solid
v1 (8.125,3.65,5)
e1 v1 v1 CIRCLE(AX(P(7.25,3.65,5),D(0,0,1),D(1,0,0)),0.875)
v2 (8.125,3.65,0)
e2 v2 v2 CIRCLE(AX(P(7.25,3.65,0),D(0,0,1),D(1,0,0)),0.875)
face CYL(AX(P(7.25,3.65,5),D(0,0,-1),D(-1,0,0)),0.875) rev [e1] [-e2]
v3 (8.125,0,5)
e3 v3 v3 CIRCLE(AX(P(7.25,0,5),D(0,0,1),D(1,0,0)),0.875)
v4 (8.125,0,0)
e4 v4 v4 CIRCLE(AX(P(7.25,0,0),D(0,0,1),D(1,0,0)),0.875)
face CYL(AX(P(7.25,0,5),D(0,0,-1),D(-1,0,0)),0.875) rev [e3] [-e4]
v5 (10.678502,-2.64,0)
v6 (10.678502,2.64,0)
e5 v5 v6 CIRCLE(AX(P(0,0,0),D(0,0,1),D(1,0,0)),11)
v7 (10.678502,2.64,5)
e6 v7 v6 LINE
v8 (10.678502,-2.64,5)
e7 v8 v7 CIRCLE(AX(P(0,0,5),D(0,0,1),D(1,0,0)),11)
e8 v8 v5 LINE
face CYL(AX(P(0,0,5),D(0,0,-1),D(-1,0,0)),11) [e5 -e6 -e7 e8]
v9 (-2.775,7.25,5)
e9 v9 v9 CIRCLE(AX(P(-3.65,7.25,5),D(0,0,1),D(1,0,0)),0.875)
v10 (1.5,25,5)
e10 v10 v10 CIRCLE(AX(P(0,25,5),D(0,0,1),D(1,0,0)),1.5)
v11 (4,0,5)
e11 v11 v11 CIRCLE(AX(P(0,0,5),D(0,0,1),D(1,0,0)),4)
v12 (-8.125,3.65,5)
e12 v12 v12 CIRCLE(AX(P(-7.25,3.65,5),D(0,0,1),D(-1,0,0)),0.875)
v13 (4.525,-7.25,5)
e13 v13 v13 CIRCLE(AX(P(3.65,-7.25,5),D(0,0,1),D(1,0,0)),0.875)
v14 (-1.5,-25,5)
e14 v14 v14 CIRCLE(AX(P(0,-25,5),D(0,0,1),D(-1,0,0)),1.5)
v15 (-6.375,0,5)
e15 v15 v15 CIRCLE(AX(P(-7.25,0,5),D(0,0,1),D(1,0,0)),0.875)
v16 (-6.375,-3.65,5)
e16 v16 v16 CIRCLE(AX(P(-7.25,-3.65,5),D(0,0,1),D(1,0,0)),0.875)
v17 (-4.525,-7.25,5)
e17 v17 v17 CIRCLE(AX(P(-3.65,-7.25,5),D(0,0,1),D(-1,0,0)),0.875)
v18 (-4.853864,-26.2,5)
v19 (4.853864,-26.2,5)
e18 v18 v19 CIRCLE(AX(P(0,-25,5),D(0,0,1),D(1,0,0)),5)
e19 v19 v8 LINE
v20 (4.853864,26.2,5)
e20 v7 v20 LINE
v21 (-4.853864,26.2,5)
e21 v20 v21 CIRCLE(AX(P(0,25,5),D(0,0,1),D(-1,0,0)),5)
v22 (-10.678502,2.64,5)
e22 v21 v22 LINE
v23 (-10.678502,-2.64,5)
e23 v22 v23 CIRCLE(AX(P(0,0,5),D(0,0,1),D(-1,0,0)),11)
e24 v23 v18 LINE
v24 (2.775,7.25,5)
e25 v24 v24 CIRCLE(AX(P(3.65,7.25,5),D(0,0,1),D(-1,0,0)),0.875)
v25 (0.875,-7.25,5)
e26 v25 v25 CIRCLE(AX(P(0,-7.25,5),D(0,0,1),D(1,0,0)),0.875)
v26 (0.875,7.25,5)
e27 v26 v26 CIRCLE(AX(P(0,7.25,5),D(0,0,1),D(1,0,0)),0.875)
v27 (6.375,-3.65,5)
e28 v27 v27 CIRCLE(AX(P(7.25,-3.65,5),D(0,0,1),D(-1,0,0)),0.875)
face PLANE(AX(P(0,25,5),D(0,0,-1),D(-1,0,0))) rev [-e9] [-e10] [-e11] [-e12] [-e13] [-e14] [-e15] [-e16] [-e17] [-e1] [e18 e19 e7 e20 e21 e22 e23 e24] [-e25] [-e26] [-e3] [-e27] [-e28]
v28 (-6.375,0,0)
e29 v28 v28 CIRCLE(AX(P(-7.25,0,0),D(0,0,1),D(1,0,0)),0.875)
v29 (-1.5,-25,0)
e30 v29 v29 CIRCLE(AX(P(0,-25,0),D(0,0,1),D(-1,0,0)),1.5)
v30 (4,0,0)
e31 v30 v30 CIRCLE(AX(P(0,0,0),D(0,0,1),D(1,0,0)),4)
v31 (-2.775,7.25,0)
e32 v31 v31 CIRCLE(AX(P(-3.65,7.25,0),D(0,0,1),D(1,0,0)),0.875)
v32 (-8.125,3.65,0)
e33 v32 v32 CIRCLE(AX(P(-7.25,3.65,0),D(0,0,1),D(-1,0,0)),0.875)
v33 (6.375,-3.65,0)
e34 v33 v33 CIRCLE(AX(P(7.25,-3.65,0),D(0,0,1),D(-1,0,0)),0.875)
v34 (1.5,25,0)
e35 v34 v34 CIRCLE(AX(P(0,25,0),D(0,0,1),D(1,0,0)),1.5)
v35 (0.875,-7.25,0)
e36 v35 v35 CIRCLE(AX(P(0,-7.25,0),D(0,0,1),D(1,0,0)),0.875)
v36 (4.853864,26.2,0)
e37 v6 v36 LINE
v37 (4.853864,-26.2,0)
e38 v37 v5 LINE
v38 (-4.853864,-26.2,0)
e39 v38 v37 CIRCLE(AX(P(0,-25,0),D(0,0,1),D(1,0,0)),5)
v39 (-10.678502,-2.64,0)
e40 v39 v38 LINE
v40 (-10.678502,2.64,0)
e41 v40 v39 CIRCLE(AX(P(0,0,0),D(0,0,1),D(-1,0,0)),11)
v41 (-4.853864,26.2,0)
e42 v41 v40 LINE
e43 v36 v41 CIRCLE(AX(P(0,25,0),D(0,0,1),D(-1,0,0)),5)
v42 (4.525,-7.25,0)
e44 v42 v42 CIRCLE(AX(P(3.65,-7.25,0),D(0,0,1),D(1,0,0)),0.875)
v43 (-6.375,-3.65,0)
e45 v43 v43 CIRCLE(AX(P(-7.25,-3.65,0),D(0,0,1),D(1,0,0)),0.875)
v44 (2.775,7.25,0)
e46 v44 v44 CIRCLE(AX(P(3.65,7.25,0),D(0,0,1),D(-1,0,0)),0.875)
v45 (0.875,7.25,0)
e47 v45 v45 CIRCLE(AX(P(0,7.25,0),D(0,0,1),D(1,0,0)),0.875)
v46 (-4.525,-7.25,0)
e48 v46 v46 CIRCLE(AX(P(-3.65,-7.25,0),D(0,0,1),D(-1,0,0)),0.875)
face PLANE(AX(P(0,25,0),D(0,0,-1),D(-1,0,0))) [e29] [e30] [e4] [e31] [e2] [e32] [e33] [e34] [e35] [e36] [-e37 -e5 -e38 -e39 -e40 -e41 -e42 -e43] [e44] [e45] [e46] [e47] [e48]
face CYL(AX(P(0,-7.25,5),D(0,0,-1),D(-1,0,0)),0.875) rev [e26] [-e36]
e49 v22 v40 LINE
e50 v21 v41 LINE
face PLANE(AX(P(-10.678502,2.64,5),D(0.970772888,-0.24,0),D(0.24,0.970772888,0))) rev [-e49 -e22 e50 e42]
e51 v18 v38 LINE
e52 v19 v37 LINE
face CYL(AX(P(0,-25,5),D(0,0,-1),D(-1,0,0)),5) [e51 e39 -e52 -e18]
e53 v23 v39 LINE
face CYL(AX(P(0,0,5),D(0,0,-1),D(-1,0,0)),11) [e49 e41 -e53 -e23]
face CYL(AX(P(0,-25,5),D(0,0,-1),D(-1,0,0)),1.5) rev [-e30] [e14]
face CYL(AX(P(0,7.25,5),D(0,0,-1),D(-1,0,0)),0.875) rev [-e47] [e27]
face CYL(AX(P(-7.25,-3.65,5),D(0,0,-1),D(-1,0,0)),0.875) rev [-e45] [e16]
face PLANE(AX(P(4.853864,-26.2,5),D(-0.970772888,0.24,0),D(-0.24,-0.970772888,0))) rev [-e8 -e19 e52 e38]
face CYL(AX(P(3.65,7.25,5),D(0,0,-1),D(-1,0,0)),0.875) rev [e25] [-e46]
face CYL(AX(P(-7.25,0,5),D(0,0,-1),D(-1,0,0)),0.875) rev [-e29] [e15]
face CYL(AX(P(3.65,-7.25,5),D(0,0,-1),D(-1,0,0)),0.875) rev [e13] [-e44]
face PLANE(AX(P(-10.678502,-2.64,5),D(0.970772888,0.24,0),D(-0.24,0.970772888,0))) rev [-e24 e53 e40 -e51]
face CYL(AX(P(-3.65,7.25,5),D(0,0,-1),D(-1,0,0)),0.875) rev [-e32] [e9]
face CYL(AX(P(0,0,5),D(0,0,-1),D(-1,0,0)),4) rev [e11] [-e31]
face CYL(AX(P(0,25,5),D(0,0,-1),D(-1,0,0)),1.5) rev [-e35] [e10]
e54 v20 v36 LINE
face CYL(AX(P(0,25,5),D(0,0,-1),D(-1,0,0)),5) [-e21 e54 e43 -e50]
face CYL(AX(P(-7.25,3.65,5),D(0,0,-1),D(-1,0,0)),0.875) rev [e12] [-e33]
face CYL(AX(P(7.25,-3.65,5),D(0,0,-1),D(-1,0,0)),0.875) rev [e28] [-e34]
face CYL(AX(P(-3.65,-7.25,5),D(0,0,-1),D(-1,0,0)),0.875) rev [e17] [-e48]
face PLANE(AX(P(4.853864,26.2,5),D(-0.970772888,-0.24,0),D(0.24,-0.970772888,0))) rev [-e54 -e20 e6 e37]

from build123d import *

# Parameters (mm, degrees)
ESQUISSE1_R        = 4
ESQUISSE1_R_2      = 0.875
ESQUISSE1_R_3      = 1.5
BOSS_EXTRU_1_DEPTH = 5


with BuildPart() as part:
    # Esquisse1 → Boss.-Extru.1 (new body)
    with BuildSketch(Plane.XY):
        with BuildLine():
            Line((-10.678501768, 2.64), (-4.85386444, 26.2))
            ThreePointArc((-4.85386444, 26.2), (0, 30), (4.85386444, 26.2))
            Line((4.85386444, 26.2), (10.678501768, 2.64))
            ThreePointArc((10.678501768, 2.64), (11, 0), (10.678501768, -2.64))
            Line((10.678501768, -2.64), (4.85386444, -26.2))
            ThreePointArc((4.85386444, -26.2), (0, -30), (-4.85386444, -26.2))
            Line((-4.85386444, -26.2), (-10.678501768, -2.64))
            ThreePointArc((-10.678501768, -2.64), (-11, 0), (-10.678501768, 2.64))
        make_face()
        Circle(ESQUISSE1_R, mode=Mode.SUBTRACT)
        with Locations((7.25, 0)):
            Circle(ESQUISSE1_R_2, mode=Mode.SUBTRACT)
        with Locations((7.25, 3.65)):
            Circle(ESQUISSE1_R_2, mode=Mode.SUBTRACT)
        with Locations(Location((7.25, -3.65, 0), (0, 0, 180))):
            Circle(ESQUISSE1_R_2, mode=Mode.SUBTRACT)
        with Locations((3.65, -7.25)):
            Circle(ESQUISSE1_R_2, mode=Mode.SUBTRACT)
        with Locations((0, -7.25)):
            Circle(ESQUISSE1_R_2, mode=Mode.SUBTRACT)
        with Locations(Location((-3.65, -7.25, 0), (0, 0, 180))):
            Circle(ESQUISSE1_R_2, mode=Mode.SUBTRACT)
        with Locations((-7.25, -3.65)):
            Circle(ESQUISSE1_R_2, mode=Mode.SUBTRACT)
        with Locations((-7.25, 0)):
            Circle(ESQUISSE1_R_2, mode=Mode.SUBTRACT)
        with Locations(Location((-7.25, 3.65, 0), (0, 0, 180))):
            Circle(ESQUISSE1_R_2, mode=Mode.SUBTRACT)
        with Locations((-3.65, 7.25)):
            Circle(ESQUISSE1_R_2, mode=Mode.SUBTRACT)
        with Locations((0, 7.25)):
            Circle(ESQUISSE1_R_2, mode=Mode.SUBTRACT)
        with Locations(Location((3.65, 7.25, 0), (0, 0, 180))):
            Circle(ESQUISSE1_R_2, mode=Mode.SUBTRACT)
        with Locations((0, 25)):
            Circle(ESQUISSE1_R_3, mode=Mode.SUBTRACT)
        with Locations(Location((0, -25, 0), (0, 0, 180))):
            Circle(ESQUISSE1_R_3, mode=Mode.SUBTRACT)
    extrude(amount=BOSS_EXTRU_1_DEPTH)


solid = part.part
